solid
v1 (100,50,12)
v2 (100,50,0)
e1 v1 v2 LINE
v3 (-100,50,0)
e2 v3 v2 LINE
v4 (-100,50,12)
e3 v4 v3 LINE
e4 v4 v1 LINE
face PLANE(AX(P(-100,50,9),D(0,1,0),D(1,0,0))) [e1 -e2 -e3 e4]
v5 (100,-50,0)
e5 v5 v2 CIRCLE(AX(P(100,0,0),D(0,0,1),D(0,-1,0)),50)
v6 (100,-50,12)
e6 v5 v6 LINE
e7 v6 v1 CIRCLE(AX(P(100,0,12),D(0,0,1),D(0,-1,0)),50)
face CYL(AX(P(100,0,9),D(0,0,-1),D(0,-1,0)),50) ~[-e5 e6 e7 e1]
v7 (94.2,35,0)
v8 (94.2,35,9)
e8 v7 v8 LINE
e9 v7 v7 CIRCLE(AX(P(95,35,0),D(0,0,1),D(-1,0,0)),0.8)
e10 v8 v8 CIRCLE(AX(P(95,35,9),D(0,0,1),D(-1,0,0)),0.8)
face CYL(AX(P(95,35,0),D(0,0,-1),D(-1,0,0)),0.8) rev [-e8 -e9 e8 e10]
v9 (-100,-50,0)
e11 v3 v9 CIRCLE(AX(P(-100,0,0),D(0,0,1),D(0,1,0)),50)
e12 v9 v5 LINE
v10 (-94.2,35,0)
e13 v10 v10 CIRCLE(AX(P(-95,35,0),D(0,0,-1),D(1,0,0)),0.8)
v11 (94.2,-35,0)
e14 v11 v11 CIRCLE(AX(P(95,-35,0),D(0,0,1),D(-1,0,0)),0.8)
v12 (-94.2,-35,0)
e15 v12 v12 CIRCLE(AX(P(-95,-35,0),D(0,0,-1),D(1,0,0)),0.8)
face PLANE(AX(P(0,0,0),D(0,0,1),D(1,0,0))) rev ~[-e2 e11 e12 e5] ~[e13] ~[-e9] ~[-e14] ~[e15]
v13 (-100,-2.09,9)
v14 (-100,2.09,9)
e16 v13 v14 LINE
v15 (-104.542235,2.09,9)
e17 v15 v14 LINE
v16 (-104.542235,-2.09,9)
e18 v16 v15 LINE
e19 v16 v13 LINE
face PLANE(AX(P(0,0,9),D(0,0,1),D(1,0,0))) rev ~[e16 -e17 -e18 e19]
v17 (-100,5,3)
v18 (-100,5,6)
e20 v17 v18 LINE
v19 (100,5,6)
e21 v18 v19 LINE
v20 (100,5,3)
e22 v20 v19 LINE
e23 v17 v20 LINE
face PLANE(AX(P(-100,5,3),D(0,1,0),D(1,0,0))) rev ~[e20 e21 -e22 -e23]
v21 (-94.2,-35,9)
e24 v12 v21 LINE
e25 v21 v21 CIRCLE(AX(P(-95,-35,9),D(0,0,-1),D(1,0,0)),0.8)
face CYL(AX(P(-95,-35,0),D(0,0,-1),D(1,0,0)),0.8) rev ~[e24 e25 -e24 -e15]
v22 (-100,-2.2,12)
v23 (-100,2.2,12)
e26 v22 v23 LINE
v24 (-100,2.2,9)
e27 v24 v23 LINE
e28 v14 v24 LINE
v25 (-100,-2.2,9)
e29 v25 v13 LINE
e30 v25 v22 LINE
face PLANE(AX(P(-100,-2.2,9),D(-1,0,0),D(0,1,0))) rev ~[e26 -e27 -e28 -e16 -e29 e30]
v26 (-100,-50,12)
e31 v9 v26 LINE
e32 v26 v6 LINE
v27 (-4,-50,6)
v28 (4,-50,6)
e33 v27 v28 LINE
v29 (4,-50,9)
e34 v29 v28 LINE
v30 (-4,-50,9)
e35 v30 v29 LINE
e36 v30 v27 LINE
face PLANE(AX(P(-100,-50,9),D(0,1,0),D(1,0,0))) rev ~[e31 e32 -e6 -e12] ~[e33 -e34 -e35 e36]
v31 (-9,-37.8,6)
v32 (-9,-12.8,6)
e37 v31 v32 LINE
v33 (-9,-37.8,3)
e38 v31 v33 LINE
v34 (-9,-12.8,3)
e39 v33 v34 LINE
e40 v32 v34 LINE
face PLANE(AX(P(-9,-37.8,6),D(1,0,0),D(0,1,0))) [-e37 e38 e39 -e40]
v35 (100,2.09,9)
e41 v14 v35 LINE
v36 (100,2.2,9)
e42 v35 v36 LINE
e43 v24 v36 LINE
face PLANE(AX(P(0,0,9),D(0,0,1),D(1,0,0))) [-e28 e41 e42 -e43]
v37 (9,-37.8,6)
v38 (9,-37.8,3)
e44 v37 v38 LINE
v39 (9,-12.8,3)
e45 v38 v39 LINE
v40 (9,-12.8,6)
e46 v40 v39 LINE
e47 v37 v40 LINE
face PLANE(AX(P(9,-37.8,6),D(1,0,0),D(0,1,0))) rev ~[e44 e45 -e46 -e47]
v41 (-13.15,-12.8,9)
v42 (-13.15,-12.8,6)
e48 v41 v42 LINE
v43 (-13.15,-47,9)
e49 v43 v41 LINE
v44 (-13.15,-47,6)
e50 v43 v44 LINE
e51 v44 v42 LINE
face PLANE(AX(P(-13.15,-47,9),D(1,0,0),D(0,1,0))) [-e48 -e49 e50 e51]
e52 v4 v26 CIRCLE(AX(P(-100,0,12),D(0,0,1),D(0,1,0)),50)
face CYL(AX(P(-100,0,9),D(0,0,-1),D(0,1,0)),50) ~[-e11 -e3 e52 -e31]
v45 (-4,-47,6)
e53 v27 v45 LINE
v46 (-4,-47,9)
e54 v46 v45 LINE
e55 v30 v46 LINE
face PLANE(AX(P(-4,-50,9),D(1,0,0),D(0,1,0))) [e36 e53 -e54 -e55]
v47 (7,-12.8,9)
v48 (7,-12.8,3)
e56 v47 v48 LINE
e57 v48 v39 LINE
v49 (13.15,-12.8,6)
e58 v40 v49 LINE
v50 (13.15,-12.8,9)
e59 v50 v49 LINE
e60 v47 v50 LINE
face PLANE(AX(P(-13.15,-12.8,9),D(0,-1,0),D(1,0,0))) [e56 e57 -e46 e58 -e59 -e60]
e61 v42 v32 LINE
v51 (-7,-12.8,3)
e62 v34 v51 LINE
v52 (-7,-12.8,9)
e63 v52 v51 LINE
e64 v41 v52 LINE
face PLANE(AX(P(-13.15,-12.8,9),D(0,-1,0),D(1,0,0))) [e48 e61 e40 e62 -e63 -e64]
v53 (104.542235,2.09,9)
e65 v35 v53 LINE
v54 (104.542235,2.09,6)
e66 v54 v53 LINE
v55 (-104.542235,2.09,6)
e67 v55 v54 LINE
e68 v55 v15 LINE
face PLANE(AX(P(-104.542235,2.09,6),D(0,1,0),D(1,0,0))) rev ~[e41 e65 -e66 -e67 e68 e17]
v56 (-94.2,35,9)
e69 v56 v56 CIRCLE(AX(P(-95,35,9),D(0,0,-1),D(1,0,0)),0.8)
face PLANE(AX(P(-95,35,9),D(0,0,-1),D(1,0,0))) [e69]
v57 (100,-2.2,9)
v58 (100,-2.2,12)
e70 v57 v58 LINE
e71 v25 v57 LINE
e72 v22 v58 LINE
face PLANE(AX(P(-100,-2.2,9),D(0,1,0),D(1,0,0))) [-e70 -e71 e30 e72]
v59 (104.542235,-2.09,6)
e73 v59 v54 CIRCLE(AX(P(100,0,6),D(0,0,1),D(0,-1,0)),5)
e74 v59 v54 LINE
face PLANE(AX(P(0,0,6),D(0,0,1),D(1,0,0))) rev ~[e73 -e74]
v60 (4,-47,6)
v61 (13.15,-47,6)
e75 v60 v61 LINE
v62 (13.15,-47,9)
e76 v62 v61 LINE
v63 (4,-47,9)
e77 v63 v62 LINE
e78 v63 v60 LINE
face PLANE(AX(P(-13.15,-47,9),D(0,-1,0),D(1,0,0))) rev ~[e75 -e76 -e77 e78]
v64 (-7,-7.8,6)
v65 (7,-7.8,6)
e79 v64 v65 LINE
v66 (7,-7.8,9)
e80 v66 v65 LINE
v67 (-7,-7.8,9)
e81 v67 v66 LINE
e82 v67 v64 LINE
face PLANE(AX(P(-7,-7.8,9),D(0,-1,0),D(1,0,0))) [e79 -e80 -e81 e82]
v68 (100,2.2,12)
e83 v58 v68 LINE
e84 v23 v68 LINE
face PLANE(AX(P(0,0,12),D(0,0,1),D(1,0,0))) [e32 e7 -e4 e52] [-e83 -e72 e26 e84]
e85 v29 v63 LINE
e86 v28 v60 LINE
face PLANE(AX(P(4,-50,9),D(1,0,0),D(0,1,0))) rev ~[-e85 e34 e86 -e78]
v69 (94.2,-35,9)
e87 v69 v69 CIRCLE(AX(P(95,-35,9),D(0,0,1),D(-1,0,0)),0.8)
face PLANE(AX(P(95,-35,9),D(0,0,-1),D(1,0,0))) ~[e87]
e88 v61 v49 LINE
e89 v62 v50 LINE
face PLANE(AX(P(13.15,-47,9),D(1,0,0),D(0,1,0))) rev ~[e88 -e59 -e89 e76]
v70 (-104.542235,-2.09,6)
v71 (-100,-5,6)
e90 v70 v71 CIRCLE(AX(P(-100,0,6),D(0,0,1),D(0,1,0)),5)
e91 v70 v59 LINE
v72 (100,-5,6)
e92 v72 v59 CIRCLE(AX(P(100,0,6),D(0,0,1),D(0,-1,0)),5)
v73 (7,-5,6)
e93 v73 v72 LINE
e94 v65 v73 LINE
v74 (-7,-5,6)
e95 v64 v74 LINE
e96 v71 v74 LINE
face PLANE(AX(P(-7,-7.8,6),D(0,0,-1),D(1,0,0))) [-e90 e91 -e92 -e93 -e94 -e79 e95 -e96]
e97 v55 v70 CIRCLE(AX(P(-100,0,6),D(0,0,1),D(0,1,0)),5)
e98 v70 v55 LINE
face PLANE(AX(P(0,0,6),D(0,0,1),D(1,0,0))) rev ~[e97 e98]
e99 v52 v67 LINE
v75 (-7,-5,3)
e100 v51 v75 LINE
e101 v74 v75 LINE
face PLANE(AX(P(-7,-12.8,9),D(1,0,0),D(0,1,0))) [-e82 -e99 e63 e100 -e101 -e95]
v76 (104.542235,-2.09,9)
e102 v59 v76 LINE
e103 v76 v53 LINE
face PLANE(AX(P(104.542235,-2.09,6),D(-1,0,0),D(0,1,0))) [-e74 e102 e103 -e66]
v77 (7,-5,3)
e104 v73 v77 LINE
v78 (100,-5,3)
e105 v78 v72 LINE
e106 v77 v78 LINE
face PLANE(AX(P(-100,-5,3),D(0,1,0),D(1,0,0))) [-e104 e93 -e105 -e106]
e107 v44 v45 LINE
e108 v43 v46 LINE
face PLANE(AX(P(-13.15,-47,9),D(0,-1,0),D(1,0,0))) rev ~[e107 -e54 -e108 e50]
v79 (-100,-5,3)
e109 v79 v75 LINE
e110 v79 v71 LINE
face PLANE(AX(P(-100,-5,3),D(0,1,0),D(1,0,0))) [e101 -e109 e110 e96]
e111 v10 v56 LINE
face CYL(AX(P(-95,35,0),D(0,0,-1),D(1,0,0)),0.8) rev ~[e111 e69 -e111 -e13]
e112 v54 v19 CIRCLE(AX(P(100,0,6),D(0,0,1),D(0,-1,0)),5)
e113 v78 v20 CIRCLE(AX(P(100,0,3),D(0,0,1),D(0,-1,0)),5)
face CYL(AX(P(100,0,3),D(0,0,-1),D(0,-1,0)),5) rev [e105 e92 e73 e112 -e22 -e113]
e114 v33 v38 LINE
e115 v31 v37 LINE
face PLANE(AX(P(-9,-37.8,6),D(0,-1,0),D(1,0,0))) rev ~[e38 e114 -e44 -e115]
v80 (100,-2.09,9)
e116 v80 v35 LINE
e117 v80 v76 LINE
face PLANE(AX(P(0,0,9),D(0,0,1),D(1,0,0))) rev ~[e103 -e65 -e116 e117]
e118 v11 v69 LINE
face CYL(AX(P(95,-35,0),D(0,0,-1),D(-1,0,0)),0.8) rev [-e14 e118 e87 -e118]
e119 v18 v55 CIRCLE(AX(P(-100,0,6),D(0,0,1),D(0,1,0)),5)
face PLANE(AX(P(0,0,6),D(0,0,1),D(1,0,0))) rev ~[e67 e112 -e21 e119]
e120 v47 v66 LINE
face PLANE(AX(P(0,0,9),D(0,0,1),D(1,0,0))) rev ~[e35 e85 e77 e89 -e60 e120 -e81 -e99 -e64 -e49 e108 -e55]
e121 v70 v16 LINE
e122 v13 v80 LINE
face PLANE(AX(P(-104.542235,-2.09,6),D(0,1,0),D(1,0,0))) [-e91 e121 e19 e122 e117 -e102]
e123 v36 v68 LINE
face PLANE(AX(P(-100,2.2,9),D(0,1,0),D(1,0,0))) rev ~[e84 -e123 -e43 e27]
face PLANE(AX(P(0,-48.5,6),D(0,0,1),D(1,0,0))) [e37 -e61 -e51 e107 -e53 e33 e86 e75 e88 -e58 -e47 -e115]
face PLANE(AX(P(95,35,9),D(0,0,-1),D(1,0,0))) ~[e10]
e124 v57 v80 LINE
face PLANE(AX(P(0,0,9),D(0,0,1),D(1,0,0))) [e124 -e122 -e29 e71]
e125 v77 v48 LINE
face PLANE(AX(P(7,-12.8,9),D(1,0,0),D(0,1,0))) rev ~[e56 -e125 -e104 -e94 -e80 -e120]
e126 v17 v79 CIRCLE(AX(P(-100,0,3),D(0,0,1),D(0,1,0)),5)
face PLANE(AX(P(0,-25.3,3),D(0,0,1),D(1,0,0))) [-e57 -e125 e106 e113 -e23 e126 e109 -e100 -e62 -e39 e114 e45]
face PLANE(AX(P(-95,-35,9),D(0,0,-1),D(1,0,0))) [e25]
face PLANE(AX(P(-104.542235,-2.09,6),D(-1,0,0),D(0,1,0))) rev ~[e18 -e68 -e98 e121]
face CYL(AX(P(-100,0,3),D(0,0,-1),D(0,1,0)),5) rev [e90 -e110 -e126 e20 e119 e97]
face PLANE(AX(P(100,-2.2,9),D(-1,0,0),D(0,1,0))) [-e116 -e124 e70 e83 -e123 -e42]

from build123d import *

# Parameters (mm, degrees)
PAD_DEPTH       = 3
PAD001_DEPTH    = 3
SKETCH002_W     = 209.08447
SKETCH002_H     = 4.18
PAD002_DEPTH    = 3
SKETCH003_W     = 26.3
SKETCH003_H     = 34.2
POCKET_DEPTH    = 3
SKETCH004_W     = 18
SKETCH004_H     = 25
POCKET001_DEPTH = 3
SKETCH005_W     = 14
SKETCH005_H     = 5
POCKET002_DEPTH = 6
SKETCH006_W     = 14
SKETCH006_H     = 3
POCKET003_DEPTH = 3
SKETCH007_W     = 8
SKETCH007_H     = 3
POCKET004_DEPTH = 3
SKETCH008_W     = 200
SKETCH008_H     = 4.4
PAD003_DEPTH    = 3
SKETCH009_R     = 0.8
POCKET005_DEPTH = 9


with BuildPart() as part:
    # Sketch → Pad (new body)
    with BuildSketch(Plane.XY):
        with BuildLine():
            ThreePointArc((-100, 50), (-150, 0), (-100, -50))
            Line((-100, -50), (100, -50))
            ThreePointArc((100, -50), (150, 0), (100, 50))
            Line((-100, 50), (100, 50))
        make_face()
    extrude(amount=PAD_DEPTH)

    # Sketch001 (on Face6 of Pad) → Pad001 (join)
    with BuildSketch(Plane.XY.offset(3)):
        with BuildLine():
            ThreePointArc((-100, 50), (-150, 0), (-100, -50))
            Line((-100, -50), (100, -50))
            ThreePointArc((100, -50), (150, 0), (100, 50))
            Line((-100, 50), (100, 50))
        make_face()
        with BuildLine():
            ThreePointArc((-100, 5), (-105, 0), (-100, -5))
            Line((-100, -5), (100, -5))
            ThreePointArc((100, -5), (105, 0), (100, 5))
            Line((-100, 5), (100, 5))
        make_face(mode=Mode.SUBTRACT)
    extrude(amount=PAD001_DEPTH)

    # Sketch002 (on Face9 of Pad001) → Pad002 (join)
    with BuildSketch(Plane.XY.offset(6)):
        with BuildLine():
            ThreePointArc((-100, 50), (-150, 0), (-100, -50))
            Line((-100, -50), (100, -50))
            ThreePointArc((100, -50), (150, 0), (100, 50))
            Line((-100, 50), (100, 50))
        make_face()
        Rectangle(SKETCH002_W, SKETCH002_H, mode=Mode.SUBTRACT)
    extrude(amount=PAD002_DEPTH)

    # Sketch003 (on Face13 of Pad002) → Pocket (cut)
    with BuildSketch(Plane.XY.offset(9)):
        with Locations((0, -29.9)):
            Rectangle(SKETCH003_W, SKETCH003_H)
    extrude(amount=-POCKET_DEPTH, mode=Mode.SUBTRACT)

    # Sketch004 (on Face27 of Pocket) → Pocket001 (cut)
    with BuildSketch(Plane.XY.offset(6)):
        with Locations((0, -25.3)):
            Rectangle(SKETCH004_W, SKETCH004_H)
    extrude(amount=-POCKET001_DEPTH, mode=Mode.SUBTRACT)

    # Sketch005 (on Face13 of Pocket001) → Pocket002 (cut)
    with BuildSketch(Plane.XY.offset(9)):
        with Locations((0, -10.3)):
            Rectangle(SKETCH005_W, SKETCH005_H)
    extrude(amount=-POCKET002_DEPTH, mode=Mode.SUBTRACT)

    # Sketch006 (on Face23 of Pocket002) → Pocket003 (cut)
    with BuildSketch(Plane.XZ.offset(7.8)):
        with Locations((0, 4.5)):
            Rectangle(SKETCH006_W, SKETCH006_H)
    extrude(amount=-POCKET003_DEPTH, mode=Mode.SUBTRACT)

    # Sketch007 (on Face13 of Pocket003) → Pocket004 (cut)
    with BuildSketch(Plane.XY.offset(9)):
        with Locations((0, -48.5)):
            Rectangle(SKETCH007_W, SKETCH007_H)
    extrude(amount=-POCKET004_DEPTH, mode=Mode.SUBTRACT)

    # Sketch008 (on Face15 of Pocket004) → Pad003 (join)
    with BuildSketch(Plane.XY.offset(9)):
        with BuildLine():
            ThreePointArc((-100, 50), (-150, 0), (-100, -50))
            Line((-100, -50), (100, -50))
            ThreePointArc((100, -50), (150, 0), (100, 50))
            Line((-100, 50), (100, 50))
        make_face()
        Rectangle(SKETCH008_W, SKETCH008_H, mode=Mode.SUBTRACT)
    extrude(amount=PAD003_DEPTH)

    # Sketch009 (on Face4 of Pad003) → Pocket005 (cut)
    with BuildSketch(Plane(origin=(0, 0, 0), x_dir=(1, 0, 0), z_dir=(0, 0, -1))):
        with Locations((-95, 35)):
            Circle(SKETCH009_R)
        with Locations((-95, -35)):
            Circle(SKETCH009_R)
    pocket005 = extrude(amount=-POCKET005_DEPTH, mode=Mode.SUBTRACT)

    # Mirrored: Pocket005 across Sketch009 V_Axis
    add(pocket005.mirror(Plane(origin=(0, 0, 0), x_dir=(0, 0, -1), z_dir=(1, 0, 0))), mode=Mode.SUBTRACT)


solid = part.part
